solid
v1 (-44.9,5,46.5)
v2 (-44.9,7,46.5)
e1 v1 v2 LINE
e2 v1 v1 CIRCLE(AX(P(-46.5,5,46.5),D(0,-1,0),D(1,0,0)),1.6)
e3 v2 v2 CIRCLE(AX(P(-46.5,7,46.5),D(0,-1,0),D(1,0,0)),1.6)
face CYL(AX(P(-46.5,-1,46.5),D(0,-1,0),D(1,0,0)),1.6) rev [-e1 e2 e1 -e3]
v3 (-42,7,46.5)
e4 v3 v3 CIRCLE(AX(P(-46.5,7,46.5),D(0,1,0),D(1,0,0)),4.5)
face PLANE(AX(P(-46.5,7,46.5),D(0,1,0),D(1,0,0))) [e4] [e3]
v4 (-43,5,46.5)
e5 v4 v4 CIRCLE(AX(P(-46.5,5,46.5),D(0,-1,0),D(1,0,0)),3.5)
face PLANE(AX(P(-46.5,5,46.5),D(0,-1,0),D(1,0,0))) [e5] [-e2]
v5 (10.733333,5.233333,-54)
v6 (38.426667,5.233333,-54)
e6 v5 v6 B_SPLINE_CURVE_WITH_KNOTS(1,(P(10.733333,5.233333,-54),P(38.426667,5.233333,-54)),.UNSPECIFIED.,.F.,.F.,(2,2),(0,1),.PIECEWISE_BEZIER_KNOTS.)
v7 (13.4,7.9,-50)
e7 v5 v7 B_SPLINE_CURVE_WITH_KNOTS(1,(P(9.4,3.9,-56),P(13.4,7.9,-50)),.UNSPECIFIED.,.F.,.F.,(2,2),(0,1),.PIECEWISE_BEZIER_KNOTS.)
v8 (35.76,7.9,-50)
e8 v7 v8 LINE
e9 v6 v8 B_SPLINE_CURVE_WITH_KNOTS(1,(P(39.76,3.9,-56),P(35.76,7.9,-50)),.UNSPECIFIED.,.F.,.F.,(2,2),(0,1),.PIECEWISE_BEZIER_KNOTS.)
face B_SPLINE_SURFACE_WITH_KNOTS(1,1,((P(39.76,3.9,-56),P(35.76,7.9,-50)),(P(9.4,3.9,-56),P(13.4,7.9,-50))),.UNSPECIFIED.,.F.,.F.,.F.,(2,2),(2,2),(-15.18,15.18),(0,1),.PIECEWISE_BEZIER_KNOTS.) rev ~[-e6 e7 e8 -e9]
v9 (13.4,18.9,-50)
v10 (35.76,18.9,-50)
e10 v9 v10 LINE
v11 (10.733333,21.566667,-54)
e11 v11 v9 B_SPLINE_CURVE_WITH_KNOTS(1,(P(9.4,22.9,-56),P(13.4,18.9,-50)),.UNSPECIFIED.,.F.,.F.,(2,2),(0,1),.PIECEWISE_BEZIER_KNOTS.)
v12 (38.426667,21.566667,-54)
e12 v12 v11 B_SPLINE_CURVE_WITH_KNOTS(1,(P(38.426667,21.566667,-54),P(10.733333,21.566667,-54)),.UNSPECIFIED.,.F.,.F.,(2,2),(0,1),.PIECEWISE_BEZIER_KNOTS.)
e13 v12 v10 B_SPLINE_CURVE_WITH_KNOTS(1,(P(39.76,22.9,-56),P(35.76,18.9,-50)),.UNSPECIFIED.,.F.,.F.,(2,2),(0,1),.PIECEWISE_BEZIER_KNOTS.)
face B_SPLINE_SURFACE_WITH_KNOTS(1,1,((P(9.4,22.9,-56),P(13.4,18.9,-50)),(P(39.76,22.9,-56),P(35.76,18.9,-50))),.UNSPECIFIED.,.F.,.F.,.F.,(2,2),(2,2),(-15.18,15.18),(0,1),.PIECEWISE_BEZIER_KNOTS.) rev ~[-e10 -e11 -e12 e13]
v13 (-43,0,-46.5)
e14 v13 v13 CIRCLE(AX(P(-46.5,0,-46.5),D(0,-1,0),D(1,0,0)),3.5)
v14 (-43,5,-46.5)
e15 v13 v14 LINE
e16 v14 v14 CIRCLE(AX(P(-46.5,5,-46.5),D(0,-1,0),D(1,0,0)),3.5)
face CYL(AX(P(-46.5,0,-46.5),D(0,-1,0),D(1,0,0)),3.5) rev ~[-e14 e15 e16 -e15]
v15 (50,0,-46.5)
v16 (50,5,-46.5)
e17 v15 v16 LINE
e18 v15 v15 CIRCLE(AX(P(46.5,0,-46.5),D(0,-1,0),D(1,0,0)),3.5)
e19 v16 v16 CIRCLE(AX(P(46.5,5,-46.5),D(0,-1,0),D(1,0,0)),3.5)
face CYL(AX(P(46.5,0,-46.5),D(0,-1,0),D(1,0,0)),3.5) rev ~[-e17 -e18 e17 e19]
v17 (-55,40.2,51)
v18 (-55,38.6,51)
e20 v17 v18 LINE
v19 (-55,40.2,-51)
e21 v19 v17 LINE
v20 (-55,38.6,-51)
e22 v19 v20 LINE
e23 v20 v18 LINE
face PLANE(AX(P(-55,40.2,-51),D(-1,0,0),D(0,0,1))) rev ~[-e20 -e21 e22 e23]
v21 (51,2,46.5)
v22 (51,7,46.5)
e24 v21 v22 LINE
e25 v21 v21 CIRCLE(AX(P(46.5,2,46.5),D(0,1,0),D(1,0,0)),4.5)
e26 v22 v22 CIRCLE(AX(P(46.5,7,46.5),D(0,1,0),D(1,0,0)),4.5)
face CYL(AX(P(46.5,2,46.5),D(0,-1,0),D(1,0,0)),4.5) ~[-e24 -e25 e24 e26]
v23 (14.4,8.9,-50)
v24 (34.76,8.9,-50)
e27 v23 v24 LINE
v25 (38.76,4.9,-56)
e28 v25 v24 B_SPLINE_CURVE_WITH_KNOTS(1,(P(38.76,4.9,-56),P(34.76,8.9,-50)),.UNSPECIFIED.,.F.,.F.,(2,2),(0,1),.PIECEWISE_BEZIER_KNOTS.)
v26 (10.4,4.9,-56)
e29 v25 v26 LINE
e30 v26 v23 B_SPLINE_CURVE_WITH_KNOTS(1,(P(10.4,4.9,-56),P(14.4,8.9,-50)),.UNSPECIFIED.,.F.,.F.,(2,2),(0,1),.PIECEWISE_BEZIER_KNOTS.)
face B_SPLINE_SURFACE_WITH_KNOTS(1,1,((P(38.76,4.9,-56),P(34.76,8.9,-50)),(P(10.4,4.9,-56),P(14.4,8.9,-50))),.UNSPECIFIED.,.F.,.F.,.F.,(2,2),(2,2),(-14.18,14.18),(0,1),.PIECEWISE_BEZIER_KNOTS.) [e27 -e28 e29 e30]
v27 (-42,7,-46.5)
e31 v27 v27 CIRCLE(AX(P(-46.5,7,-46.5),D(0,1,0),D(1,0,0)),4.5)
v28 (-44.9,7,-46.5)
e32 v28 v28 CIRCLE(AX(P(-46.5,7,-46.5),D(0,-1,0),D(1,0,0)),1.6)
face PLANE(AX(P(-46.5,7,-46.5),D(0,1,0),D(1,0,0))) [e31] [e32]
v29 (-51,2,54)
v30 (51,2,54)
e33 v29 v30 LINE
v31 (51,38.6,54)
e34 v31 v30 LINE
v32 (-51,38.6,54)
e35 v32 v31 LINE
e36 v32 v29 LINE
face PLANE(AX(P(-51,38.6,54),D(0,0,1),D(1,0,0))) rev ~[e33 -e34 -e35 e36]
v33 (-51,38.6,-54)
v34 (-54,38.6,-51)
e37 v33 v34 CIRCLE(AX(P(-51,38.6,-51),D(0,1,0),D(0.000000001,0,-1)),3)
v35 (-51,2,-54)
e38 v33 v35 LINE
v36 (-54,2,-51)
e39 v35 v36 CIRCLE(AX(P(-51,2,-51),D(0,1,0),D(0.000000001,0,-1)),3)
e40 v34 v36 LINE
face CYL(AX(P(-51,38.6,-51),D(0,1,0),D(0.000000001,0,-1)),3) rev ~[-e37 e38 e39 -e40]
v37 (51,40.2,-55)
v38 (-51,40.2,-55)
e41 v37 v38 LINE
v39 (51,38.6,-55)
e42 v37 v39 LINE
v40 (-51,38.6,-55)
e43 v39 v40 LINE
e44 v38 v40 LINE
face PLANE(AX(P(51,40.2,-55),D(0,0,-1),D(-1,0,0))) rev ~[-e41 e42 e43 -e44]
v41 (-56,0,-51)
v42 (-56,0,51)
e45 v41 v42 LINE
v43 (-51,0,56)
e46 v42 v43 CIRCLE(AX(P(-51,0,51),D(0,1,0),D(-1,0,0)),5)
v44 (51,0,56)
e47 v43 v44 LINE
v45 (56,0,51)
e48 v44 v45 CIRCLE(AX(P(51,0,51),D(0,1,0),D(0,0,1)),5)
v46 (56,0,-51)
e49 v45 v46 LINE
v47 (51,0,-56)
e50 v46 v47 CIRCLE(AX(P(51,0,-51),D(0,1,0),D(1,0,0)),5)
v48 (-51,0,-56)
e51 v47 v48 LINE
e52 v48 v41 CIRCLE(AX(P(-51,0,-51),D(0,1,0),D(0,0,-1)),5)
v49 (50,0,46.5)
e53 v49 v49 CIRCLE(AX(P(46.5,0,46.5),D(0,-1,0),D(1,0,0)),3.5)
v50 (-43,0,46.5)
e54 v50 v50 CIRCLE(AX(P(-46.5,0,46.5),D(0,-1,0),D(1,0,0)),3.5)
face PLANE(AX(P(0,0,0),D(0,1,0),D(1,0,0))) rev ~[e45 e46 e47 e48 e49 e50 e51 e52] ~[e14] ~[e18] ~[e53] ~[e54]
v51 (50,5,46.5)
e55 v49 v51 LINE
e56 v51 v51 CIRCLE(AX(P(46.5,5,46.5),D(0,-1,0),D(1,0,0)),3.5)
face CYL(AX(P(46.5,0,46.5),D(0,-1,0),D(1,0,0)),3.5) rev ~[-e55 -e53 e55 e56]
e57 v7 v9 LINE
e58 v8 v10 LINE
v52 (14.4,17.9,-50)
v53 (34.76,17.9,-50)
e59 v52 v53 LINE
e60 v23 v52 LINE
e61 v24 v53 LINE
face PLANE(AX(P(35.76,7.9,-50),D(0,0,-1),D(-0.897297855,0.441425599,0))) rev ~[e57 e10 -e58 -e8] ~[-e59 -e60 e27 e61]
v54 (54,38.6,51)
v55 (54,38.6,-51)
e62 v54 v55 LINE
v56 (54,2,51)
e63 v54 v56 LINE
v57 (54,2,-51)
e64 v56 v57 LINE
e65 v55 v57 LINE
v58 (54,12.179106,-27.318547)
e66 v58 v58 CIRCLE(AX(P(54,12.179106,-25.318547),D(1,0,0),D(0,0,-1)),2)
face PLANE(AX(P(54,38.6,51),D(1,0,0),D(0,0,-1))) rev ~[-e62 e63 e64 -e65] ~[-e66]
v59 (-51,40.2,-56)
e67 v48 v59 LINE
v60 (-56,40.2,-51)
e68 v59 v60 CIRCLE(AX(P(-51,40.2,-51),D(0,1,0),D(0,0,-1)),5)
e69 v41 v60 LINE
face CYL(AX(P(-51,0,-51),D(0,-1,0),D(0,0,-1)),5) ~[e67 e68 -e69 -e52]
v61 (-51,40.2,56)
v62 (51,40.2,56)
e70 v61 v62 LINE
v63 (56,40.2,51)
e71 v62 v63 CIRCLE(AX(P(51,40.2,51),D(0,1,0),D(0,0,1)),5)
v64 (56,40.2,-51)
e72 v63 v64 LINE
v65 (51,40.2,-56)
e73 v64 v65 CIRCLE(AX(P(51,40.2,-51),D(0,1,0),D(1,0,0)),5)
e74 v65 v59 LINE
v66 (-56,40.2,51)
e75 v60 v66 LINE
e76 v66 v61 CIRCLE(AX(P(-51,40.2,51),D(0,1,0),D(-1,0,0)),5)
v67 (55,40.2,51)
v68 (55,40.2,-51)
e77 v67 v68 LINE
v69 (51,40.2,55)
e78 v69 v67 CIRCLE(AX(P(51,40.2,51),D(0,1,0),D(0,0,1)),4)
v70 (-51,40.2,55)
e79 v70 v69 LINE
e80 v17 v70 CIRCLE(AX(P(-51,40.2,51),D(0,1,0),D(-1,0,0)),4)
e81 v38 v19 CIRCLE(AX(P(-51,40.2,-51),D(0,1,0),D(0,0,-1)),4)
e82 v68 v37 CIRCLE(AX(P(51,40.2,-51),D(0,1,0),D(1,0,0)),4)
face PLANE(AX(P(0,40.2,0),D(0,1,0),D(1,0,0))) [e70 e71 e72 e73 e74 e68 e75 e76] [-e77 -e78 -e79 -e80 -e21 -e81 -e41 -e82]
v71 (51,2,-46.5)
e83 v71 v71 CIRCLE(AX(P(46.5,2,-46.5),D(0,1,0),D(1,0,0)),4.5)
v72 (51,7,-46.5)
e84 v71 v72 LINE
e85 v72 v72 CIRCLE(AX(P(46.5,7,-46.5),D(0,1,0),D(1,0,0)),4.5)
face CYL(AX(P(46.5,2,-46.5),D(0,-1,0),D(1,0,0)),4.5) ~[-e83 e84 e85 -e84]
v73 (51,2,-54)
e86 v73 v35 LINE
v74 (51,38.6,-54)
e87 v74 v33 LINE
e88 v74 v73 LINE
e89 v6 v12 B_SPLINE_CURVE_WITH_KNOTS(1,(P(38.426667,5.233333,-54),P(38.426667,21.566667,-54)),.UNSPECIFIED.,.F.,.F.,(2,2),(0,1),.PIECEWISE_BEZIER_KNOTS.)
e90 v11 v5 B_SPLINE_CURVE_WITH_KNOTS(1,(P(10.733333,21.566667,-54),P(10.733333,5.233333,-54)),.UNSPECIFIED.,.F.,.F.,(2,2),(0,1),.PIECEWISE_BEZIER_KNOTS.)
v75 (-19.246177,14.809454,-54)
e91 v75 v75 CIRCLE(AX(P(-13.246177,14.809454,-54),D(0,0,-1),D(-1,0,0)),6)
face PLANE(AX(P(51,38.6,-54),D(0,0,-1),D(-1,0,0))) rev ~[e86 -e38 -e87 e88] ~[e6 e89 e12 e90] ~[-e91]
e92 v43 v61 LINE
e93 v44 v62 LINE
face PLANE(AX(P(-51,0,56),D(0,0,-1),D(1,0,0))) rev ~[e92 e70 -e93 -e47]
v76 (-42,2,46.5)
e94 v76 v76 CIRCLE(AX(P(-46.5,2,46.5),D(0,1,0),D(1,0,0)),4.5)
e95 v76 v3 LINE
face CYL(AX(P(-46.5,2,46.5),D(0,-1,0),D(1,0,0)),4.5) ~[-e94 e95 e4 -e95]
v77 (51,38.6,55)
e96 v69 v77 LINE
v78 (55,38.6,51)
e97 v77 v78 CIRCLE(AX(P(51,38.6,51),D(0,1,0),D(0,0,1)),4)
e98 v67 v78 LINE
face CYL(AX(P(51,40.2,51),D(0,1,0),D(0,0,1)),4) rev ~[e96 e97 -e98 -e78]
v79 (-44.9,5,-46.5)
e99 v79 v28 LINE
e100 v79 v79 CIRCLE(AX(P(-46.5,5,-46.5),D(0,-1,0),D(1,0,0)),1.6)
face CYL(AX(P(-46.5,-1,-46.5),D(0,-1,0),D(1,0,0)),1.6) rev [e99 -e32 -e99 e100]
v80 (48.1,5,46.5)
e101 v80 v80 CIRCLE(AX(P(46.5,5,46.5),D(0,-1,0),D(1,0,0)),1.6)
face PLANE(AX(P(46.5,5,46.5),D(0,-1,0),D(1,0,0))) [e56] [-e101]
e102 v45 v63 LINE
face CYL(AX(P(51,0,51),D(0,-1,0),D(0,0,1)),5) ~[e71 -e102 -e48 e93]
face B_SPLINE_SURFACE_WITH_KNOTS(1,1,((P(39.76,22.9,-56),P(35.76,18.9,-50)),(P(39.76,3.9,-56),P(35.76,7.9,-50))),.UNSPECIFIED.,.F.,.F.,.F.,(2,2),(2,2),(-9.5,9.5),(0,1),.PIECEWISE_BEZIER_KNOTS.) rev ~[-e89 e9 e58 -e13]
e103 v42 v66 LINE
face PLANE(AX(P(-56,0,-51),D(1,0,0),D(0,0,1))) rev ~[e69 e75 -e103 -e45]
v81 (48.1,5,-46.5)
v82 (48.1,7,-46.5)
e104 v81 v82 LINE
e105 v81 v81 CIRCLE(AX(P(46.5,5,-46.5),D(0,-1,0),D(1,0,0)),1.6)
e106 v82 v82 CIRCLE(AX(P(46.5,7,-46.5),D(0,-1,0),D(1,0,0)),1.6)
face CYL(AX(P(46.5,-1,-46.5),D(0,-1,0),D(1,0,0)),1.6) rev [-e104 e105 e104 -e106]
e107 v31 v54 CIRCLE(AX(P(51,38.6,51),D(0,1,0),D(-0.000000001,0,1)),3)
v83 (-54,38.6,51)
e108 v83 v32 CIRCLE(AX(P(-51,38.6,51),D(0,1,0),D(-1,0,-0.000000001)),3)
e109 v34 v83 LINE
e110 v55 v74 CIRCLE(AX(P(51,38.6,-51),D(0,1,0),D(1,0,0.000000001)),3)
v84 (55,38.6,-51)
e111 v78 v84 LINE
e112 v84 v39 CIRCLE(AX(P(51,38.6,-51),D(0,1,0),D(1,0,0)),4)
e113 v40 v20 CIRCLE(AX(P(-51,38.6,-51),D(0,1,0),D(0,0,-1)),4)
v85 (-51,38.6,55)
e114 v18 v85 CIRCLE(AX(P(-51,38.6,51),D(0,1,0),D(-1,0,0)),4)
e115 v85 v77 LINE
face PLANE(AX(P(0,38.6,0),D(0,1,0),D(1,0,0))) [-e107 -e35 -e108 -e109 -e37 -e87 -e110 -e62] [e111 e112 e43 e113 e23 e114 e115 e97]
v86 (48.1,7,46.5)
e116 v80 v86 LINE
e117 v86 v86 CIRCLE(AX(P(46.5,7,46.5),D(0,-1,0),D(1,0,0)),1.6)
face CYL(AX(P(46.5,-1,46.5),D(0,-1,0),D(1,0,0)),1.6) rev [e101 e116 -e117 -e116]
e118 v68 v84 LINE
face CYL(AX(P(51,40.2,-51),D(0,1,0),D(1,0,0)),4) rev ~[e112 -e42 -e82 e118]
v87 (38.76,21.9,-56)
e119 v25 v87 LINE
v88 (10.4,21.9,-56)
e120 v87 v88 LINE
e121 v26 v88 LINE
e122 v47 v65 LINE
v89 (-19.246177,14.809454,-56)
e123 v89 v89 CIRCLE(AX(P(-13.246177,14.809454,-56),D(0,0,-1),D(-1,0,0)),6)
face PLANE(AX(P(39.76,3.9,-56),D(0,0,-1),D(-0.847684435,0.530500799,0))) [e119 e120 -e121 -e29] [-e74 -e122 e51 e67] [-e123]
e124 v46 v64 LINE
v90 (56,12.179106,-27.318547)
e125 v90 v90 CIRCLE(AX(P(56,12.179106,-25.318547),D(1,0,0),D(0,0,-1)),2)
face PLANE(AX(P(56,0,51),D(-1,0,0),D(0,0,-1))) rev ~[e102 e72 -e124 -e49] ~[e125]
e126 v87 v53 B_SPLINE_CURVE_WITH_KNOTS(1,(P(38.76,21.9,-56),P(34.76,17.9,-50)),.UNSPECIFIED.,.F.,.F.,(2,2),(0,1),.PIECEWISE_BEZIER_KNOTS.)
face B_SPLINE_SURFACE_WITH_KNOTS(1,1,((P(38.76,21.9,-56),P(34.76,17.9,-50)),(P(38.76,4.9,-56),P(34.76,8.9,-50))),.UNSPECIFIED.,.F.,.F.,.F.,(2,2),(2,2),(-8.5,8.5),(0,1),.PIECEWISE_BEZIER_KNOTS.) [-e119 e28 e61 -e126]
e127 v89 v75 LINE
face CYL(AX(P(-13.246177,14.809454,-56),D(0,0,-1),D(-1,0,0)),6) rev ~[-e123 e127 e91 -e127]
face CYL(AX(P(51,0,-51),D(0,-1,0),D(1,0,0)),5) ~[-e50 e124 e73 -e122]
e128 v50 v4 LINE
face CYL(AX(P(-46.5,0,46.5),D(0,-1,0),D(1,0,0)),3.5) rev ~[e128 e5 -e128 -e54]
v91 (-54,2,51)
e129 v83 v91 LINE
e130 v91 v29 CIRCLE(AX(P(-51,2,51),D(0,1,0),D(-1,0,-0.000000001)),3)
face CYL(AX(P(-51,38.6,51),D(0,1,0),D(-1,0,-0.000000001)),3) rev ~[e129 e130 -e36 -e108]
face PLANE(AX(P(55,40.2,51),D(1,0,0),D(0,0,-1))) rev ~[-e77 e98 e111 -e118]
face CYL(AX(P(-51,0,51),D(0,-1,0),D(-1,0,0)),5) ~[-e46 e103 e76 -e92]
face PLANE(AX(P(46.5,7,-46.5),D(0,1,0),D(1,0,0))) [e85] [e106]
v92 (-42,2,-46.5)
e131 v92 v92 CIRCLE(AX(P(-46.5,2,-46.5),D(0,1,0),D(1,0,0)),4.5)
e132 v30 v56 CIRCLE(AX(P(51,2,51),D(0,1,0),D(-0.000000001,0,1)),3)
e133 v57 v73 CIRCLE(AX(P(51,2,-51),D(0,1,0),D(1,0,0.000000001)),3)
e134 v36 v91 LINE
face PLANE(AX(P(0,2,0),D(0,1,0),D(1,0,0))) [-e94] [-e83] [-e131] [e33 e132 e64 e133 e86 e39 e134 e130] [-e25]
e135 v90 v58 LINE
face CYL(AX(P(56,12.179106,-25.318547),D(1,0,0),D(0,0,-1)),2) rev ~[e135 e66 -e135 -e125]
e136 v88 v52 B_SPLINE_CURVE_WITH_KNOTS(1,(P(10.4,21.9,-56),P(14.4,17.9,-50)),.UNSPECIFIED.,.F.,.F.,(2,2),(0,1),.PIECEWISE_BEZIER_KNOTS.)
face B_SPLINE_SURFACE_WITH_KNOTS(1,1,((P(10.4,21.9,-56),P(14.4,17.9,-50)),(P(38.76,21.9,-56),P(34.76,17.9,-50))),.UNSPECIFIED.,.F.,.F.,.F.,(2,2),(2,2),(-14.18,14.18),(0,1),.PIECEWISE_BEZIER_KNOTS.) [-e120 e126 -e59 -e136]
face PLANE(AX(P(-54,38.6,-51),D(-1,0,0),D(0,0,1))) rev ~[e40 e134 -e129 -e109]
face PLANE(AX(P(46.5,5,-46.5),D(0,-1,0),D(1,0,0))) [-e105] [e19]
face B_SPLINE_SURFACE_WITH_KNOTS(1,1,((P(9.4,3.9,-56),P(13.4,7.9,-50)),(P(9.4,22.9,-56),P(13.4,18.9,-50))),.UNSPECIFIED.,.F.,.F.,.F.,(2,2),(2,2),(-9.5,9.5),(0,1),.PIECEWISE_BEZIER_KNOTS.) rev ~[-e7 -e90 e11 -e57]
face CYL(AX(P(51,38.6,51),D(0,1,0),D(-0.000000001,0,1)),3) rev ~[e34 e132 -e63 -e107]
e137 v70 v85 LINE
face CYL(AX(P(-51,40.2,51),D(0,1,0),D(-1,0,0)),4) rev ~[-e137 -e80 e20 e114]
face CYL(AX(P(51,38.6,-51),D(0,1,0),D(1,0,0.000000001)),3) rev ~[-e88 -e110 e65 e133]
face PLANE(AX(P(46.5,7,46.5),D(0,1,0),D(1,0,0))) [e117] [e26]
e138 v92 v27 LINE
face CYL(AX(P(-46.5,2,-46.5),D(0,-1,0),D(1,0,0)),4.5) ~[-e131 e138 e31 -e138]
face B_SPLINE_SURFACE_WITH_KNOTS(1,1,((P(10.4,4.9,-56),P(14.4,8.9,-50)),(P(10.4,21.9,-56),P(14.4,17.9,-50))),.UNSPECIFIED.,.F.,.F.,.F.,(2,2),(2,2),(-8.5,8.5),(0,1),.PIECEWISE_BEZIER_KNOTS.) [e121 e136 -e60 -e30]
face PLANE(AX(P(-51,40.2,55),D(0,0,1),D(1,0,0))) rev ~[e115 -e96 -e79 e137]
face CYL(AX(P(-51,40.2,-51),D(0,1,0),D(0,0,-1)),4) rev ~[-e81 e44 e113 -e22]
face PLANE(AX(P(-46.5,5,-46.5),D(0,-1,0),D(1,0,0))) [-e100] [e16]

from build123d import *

# Parameters (mm, degrees)
BOSS_EXTRUDE1_DEPTH  = 40.2
CUT_EXTRUDE1_DEPTH   = 1.6
CUT_EXTRUDE2_DEPTH   = 36.6
SKETCH6_R            = 4.5
BOSS_EXTRUDE2_DEPTH  = 5
CUT_EXTRUDE4_START   = -8
SKETCH10_R           = 1.6
CUT_EXTRUDE4_DEPTH   = 42.2
SKETCH11_R           = 3.5
CUT_EXTRUDE6_DEPTH   = 5
LPATTERN1_COUNT      = 2
LPATTERN1_PITCH      = 93
LPATTERN1_COUNT_DIR2 = 2
LPATTERN1_PITCH_DIR2 = 93
SKETCH15_W           = 30.36
SKETCH15_H           = 19
SKETCH17_W           = 22.36
SKETCH17_H           = 11
SKETCH19_W           = 28.36
SKETCH19_H           = 17
SKETCH18_W           = 20.36
SKETCH18_H           = 9
CUT_EXTRUDE7_REACH   = 114
SKETCH21_R           = 2
CUT_EXTRUDE8_REACH   = 114
SKETCH22_R           = 6


with BuildPart() as part:
    # Sketch1 → Boss-Extrude1 (new body)
    with BuildSketch(Plane(origin=(0, 0, 0), x_dir=(1, 0, 0), z_dir=(0, 1, 0))):
        with BuildLine():
            Line((-51, -56), (51, -56))
            ThreePointArc((51, -56), (54.535533906, -54.535533906), (56, -51))
            Line((56, -51), (56, 51))
            ThreePointArc((56, 51), (54.535533906, 54.535533906), (51, 56))
            Line((51, 56), (-51, 56))
            ThreePointArc((-51, 56), (-54.535533906, 54.535533906), (-56, 51))
            Line((-56, 51), (-56, -51))
            ThreePointArc((-56, -51), (-54.535533906, -54.535533906), (-51, -56))
        make_face()
    extrude(amount=BOSS_EXTRUDE1_DEPTH)

    # Sketch3 → Cut-Extrude1 (cut)
    with BuildSketch(Plane(origin=(0, 40.2, 0), x_dir=(1, 0, 0), z_dir=(0, 1, 0))):
        with BuildLine():
            Line((-51, -55), (51, -55))
            ThreePointArc((51, -55), (53.828427125, -53.828427125), (55, -51))
            Line((55, -51), (55, 51))
            ThreePointArc((55, 51), (53.828427125, 53.828427125), (51, 55))
            Line((51, 55), (-51, 55))
            ThreePointArc((-51, 55), (-53.828427125, 53.828427125), (-55, 51))
            Line((-55, 51), (-55, -51))
            ThreePointArc((-55, -51), (-53.828427125, -53.828427125), (-51, -55))
        make_face()
    extrude(amount=-CUT_EXTRUDE1_DEPTH, mode=Mode.SUBTRACT)

    # Sketch4 → Cut-Extrude2 (cut)
    with BuildSketch(Plane(origin=(0, 38.6, 0), x_dir=(1, 0, 0), z_dir=(0, 1, 0))):
        with BuildLine():
            Line((-51, -54), (51, -54))
            ThreePointArc((51, -54), (53.121320344, -53.121320344), (54, -51))
            Line((54, -51), (54, 51))
            ThreePointArc((54, 51), (53.121320344, 53.121320344), (51, 54))
            Line((51, 54), (-51, 54))
            ThreePointArc((-51, 54), (-53.121320344, 53.121320344), (-54, 51))
            Line((-54, 51), (-54, -51))
            ThreePointArc((-54, -51), (-53.121320344, -53.121320344), (-51, -54))
        make_face()
    extrude(amount=-CUT_EXTRUDE2_DEPTH, mode=Mode.SUBTRACT)

    # Sketch6 → Boss-Extrude2 (add)
    with BuildSketch(Plane(origin=(0, 2, 0), x_dir=(1, 0, 0), z_dir=(0, 1, 0))):
        with Locations((-46.5, 46.5)):
            Circle(SKETCH6_R)
    boss_extrude2 = extrude(amount=BOSS_EXTRUDE2_DEPTH)

    # Sketch10 → Cut-Extrude4 (cut)
    with BuildSketch(Plane(origin=(0, 7, 0), x_dir=(1, 0, 0), z_dir=(0, 1, 0)).offset(CUT_EXTRUDE4_START)):
        with Locations((-46.5, 46.5)):
            Circle(SKETCH10_R)
    cut_extrude4 = extrude(amount=CUT_EXTRUDE4_DEPTH, mode=Mode.SUBTRACT)

    # Sketch11 → Cut-Extrude6 (cut)
    with BuildSketch(Plane.XZ):
        with Locations((-46.5, -46.5)):
            Circle(SKETCH11_R)
    cut_extrude6 = extrude(amount=-CUT_EXTRUDE6_DEPTH, mode=Mode.SUBTRACT)

    # LPattern1: Boss-Extrude2, Cut-Extrude4, Cut-Extrude6 2 × 2
    with Locations(*[(j * LPATTERN1_PITCH_DIR2, 0, i * LPATTERN1_PITCH) for i in range(LPATTERN1_COUNT) for j in range(LPATTERN1_COUNT_DIR2) if (i, j) != (0, 0)]):
        add(boss_extrude2)
        add(cut_extrude4, mode=Mode.SUBTRACT)
        add(cut_extrude6, mode=Mode.SUBTRACT)

    # Sketch15 → Loft1 section 0
    with BuildSketch(Plane(origin=(0, 0, -56), x_dir=(-1, 0, 0), z_dir=(0, 0, -1))):
        with Locations((-24.58, 13.4)):
            Rectangle(SKETCH15_W, SKETCH15_H)
    # Sketch17 → Loft1 section 1
    with BuildSketch(Plane.XY.offset(-50)):
        with Locations((24.58, 13.4)):
            Rectangle(SKETCH17_W, SKETCH17_H)
    loft()

    # Sketch19 → Cut-Loft2 section 0
    with BuildSketch(Plane(origin=(0, 0, -56), x_dir=(-1, 0, 0), z_dir=(0, 0, -1))):
        with Locations((-24.58, 13.4)):
            Rectangle(SKETCH19_W, SKETCH19_H)
    # Sketch18 → Cut-Loft2 section 1
    with BuildSketch(Plane.XY.offset(-50)):
        with Locations((24.58, 13.4)):
            Rectangle(SKETCH18_W, SKETCH18_H)
    loft(mode=Mode.SUBTRACT)

    # Sketch21 → Cut-Extrude7 (cut, up to next)
    with BuildSketch(Plane(origin=(56, 0.222876175, 12.489592586), x_dir=(0, 0, -1), z_dir=(1, 0, 0)), mode=Mode.PRIVATE) as cut_extrude7_sk1:
        with Locations((37.808139586, 11.956230245)):
            Circle(SKETCH21_R)
    cut_extrude7_tool1 = extrude(cut_extrude7_sk1.sketch, amount=-CUT_EXTRUDE7_REACH, mode=Mode.PRIVATE) & part.part
    add(cut_extrude7_tool1.solids().sort_by_distance((56, 12.179106, -25.318547))[0], mode=Mode.SUBTRACT)

    # Sketch22 → Cut-Extrude8 (cut, up to next)
    with BuildSketch(Plane(origin=(0, 0, -56), x_dir=(-1, 0, 0), z_dir=(0, 0, -1)), mode=Mode.PRIVATE) as cut_extrude8_sk1:
        with Locations((13.246177, 14.809453668)):
            Circle(SKETCH22_R)
    cut_extrude8_tool1 = extrude(cut_extrude8_sk1.sketch, amount=-CUT_EXTRUDE8_REACH, mode=Mode.PRIVATE) & part.part
    add(cut_extrude8_tool1.solids().sort_by_distance((-13.246177, 14.809454, -56))[0], mode=Mode.SUBTRACT)


solid = part.part
